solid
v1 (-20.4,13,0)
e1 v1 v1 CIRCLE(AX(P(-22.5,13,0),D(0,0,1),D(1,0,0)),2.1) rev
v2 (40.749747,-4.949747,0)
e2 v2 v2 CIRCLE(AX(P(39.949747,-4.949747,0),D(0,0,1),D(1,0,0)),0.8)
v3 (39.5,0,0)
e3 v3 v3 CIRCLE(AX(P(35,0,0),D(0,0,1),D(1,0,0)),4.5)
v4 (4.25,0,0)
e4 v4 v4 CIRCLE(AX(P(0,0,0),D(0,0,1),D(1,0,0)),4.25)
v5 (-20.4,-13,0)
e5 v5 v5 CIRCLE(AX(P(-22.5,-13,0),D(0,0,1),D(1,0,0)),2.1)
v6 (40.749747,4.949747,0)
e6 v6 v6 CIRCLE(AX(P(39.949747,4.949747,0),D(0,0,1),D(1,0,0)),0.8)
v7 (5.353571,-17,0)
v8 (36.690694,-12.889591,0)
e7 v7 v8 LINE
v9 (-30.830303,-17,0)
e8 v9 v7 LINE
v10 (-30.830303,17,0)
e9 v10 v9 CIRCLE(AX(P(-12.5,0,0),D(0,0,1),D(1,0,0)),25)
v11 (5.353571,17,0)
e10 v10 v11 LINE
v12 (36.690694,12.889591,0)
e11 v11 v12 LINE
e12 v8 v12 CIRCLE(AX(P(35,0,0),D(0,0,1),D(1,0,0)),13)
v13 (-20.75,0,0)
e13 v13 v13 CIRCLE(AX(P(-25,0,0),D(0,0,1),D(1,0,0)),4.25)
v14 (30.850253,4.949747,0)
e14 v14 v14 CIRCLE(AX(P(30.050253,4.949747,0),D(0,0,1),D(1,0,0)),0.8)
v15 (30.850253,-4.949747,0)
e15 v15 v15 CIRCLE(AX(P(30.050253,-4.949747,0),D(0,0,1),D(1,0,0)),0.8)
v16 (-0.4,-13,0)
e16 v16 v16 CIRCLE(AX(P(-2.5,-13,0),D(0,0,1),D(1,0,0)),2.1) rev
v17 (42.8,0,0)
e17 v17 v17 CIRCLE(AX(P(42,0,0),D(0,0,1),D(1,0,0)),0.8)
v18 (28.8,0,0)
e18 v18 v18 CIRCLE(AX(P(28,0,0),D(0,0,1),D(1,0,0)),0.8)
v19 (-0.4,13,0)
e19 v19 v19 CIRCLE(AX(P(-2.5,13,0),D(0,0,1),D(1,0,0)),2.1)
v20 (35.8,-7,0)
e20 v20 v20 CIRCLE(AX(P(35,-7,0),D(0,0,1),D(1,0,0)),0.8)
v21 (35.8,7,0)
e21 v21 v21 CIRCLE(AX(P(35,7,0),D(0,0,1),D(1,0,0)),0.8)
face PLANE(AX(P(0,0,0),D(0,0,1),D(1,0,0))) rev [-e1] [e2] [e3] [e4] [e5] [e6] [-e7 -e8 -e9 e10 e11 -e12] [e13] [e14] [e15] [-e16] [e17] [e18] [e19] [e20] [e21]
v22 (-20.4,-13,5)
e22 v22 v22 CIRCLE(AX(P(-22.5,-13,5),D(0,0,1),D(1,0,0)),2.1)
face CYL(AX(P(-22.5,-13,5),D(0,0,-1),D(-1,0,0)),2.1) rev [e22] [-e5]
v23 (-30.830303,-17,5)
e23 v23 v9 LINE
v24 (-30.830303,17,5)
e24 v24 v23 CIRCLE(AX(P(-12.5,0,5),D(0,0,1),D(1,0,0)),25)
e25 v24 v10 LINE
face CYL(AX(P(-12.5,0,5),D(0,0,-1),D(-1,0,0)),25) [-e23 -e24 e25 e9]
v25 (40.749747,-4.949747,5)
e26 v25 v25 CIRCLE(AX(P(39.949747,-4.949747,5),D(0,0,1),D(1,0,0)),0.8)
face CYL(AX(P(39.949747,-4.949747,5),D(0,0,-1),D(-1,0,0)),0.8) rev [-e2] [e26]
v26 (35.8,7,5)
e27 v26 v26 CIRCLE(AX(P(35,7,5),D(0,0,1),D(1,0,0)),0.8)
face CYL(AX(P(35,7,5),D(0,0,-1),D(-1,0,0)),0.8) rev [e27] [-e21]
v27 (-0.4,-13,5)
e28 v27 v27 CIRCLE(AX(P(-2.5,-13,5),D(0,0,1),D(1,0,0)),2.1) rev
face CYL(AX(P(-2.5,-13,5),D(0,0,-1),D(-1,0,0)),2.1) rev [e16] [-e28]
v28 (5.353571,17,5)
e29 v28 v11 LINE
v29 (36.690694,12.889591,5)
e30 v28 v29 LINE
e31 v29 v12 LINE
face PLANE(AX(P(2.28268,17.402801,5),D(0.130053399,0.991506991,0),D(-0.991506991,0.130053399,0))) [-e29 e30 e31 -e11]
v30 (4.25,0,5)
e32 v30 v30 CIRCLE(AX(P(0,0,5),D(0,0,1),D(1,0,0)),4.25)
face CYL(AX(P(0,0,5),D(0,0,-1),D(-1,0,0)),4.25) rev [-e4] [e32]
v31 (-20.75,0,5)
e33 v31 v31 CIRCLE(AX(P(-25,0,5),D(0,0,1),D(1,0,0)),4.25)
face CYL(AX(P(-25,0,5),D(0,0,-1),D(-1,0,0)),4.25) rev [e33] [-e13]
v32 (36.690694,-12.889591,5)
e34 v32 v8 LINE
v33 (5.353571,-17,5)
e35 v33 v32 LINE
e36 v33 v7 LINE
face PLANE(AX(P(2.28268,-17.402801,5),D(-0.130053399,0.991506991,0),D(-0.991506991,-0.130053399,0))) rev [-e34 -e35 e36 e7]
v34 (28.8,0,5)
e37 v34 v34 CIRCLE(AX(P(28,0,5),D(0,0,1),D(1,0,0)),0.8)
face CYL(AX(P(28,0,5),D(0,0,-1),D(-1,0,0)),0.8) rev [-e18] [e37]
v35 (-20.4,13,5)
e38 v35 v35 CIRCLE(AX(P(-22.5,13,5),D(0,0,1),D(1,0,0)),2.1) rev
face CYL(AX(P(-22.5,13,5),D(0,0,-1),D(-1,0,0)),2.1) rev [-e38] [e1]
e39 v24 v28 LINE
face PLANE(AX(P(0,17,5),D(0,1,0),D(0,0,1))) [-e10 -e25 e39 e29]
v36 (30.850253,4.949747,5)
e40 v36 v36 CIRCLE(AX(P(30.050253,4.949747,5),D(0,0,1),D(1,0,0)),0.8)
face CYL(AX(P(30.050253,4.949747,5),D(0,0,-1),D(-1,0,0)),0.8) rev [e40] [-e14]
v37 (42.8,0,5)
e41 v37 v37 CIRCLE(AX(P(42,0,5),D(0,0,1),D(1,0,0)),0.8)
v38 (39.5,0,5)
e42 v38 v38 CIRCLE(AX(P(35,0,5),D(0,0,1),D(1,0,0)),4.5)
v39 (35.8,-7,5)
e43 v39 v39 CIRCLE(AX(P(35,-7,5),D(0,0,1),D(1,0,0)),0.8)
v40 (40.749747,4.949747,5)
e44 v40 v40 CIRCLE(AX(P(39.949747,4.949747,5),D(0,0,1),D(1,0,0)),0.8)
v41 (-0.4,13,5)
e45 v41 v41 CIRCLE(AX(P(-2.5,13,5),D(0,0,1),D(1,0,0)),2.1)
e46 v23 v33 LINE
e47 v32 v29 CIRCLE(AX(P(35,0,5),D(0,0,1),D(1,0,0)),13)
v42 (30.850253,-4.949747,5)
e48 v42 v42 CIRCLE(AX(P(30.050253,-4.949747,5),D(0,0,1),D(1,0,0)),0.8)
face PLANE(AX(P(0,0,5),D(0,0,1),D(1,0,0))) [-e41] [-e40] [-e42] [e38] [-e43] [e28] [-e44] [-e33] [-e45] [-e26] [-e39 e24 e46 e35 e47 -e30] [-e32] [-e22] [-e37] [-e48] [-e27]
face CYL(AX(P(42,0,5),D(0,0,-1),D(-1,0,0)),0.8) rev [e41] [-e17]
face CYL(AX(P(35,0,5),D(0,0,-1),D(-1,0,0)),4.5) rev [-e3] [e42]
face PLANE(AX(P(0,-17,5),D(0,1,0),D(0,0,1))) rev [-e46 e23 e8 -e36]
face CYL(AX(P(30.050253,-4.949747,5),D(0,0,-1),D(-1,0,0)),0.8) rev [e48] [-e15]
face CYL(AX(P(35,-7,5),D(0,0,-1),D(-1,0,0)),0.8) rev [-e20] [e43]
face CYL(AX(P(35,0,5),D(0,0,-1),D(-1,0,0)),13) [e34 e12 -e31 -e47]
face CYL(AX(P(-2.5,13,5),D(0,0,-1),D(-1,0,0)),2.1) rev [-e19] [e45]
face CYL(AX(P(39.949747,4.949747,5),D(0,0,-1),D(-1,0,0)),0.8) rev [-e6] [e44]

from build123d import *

# Parameters (mm, degrees)
SKETCH1_R           = 2.1
SKETCH1_R_2         = 4.25
BOSS_EXTRUDE1_DEPTH = 5


with BuildPart() as part:
    # Sketch1 → Boss-Extrude1 (new body)
    # profile 1 of 2: a face of its own
    with BuildSketch(Plane.XY):
        with BuildLine():
            Line((5.353571071, -17), (36.690694186, -12.889590884))
            ThreePointArc((36.690694186, -12.889590884), (48, 0), (36.690694186, 12.889590884))
            Line((36.690694186, 12.889590884), (5.353571071, 17))
            Line((5.353571071, 17), (-30.83030278, 17))
            ThreePointArc((-30.83030278, 17), (-37.5, 0), (-30.83030278, -17))
            Line((-30.83030278, -17), (5.353571071, -17))
        make_face()
        with Locations((-22.5, 13)):
            Circle(SKETCH1_R, mode=Mode.SUBTRACT)
        with Locations((-2.5, 13)):
            Circle(SKETCH1_R, mode=Mode.SUBTRACT)
        Circle(SKETCH1_R_2, mode=Mode.SUBTRACT)
        with Locations((-25, 0)):
            Circle(SKETCH1_R_2, mode=Mode.SUBTRACT)
        with Locations((-22.5, -13)):
            Circle(SKETCH1_R, mode=Mode.SUBTRACT)
        with Locations((-2.5, -13)):
            Circle(SKETCH1_R, mode=Mode.SUBTRACT)
        with BuildLine():
            ThreePointArc((44.5, 0), (35, 9.5), (25.5, 0))
            ThreePointArc((25.5, 0), (35, -9.5), (44.5, 0))
        make_face(mode=Mode.SUBTRACT)
    # profile 2 of 2: a face of its own
    with BuildSketch(Plane.XY):
        with BuildLine():
            ThreePointArc((25.5, 0), (35, -9.5), (44.5, 0))
            ThreePointArc((44.5, 0), (35, 9.5), (25.5, 0))
        make_face()
        with BuildLine():
            ThreePointArc((34.2, 7), (35, 6.2), (35.8, 7))
            ThreePointArc((35.8, 7), (35, 7.8), (34.2, 7))
        make_face(mode=Mode.SUBTRACT)
        with BuildLine():
            ThreePointArc((40.749747468, 4.949747468), (39.949747468, 5.749747468), (39.149747468, 4.949747468))
            ThreePointArc((39.149747468, 4.949747468), (39.949747468, 4.149747468), (40.749747468, 4.949747468))
        make_face(mode=Mode.SUBTRACT)
        with BuildLine():
            ThreePointArc((42.8, 0), (42, 0.8), (41.2, 0))
            ThreePointArc((41.2, 0), (42, -0.8), (42.8, 0))
        make_face(mode=Mode.SUBTRACT)
        with BuildLine():
            ThreePointArc((40.749747468, -4.949747468), (39.949747468, -4.149747468), (39.149747468, -4.949747468))
            ThreePointArc((39.149747468, -4.949747468), (39.949747468, -5.749747468), (40.749747468, -4.949747468))
        make_face(mode=Mode.SUBTRACT)
        with BuildLine():
            ThreePointArc((35.8, -7), (35, -6.2), (34.2, -7))
            ThreePointArc((34.2, -7), (35, -7.8), (35.8, -7))
        make_face(mode=Mode.SUBTRACT)
        with BuildLine():
            ThreePointArc((29.250252532, -4.949747468), (30.050252532, -5.749747468), (30.850252532, -4.949747468))
            ThreePointArc((30.850252532, -4.949747468), (30.050252532, -4.149747468), (29.250252532, -4.949747468))
        make_face(mode=Mode.SUBTRACT)
        with BuildLine():
            ThreePointArc((27.2, 0), (28, -0.8), (28.8, 0))
            ThreePointArc((28.8, 0), (28, 0.8), (27.2, 0))
        make_face(mode=Mode.SUBTRACT)
        with BuildLine():
            ThreePointArc((29.250252532, 4.949747468), (30.050252532, 4.149747468), (30.850252532, 4.949747468))
            ThreePointArc((30.850252532, 4.949747468), (30.050252532, 5.749747468), (29.250252532, 4.949747468))
        make_face(mode=Mode.SUBTRACT)
        with BuildLine():
            ThreePointArc((39.5, 0), (35, 4.5), (30.5, 0))
            ThreePointArc((30.5, 0), (35, -4.5), (39.5, 0))
        make_face(mode=Mode.SUBTRACT)
    extrude(amount=BOSS_EXTRUDE1_DEPTH)


solid = part.part
